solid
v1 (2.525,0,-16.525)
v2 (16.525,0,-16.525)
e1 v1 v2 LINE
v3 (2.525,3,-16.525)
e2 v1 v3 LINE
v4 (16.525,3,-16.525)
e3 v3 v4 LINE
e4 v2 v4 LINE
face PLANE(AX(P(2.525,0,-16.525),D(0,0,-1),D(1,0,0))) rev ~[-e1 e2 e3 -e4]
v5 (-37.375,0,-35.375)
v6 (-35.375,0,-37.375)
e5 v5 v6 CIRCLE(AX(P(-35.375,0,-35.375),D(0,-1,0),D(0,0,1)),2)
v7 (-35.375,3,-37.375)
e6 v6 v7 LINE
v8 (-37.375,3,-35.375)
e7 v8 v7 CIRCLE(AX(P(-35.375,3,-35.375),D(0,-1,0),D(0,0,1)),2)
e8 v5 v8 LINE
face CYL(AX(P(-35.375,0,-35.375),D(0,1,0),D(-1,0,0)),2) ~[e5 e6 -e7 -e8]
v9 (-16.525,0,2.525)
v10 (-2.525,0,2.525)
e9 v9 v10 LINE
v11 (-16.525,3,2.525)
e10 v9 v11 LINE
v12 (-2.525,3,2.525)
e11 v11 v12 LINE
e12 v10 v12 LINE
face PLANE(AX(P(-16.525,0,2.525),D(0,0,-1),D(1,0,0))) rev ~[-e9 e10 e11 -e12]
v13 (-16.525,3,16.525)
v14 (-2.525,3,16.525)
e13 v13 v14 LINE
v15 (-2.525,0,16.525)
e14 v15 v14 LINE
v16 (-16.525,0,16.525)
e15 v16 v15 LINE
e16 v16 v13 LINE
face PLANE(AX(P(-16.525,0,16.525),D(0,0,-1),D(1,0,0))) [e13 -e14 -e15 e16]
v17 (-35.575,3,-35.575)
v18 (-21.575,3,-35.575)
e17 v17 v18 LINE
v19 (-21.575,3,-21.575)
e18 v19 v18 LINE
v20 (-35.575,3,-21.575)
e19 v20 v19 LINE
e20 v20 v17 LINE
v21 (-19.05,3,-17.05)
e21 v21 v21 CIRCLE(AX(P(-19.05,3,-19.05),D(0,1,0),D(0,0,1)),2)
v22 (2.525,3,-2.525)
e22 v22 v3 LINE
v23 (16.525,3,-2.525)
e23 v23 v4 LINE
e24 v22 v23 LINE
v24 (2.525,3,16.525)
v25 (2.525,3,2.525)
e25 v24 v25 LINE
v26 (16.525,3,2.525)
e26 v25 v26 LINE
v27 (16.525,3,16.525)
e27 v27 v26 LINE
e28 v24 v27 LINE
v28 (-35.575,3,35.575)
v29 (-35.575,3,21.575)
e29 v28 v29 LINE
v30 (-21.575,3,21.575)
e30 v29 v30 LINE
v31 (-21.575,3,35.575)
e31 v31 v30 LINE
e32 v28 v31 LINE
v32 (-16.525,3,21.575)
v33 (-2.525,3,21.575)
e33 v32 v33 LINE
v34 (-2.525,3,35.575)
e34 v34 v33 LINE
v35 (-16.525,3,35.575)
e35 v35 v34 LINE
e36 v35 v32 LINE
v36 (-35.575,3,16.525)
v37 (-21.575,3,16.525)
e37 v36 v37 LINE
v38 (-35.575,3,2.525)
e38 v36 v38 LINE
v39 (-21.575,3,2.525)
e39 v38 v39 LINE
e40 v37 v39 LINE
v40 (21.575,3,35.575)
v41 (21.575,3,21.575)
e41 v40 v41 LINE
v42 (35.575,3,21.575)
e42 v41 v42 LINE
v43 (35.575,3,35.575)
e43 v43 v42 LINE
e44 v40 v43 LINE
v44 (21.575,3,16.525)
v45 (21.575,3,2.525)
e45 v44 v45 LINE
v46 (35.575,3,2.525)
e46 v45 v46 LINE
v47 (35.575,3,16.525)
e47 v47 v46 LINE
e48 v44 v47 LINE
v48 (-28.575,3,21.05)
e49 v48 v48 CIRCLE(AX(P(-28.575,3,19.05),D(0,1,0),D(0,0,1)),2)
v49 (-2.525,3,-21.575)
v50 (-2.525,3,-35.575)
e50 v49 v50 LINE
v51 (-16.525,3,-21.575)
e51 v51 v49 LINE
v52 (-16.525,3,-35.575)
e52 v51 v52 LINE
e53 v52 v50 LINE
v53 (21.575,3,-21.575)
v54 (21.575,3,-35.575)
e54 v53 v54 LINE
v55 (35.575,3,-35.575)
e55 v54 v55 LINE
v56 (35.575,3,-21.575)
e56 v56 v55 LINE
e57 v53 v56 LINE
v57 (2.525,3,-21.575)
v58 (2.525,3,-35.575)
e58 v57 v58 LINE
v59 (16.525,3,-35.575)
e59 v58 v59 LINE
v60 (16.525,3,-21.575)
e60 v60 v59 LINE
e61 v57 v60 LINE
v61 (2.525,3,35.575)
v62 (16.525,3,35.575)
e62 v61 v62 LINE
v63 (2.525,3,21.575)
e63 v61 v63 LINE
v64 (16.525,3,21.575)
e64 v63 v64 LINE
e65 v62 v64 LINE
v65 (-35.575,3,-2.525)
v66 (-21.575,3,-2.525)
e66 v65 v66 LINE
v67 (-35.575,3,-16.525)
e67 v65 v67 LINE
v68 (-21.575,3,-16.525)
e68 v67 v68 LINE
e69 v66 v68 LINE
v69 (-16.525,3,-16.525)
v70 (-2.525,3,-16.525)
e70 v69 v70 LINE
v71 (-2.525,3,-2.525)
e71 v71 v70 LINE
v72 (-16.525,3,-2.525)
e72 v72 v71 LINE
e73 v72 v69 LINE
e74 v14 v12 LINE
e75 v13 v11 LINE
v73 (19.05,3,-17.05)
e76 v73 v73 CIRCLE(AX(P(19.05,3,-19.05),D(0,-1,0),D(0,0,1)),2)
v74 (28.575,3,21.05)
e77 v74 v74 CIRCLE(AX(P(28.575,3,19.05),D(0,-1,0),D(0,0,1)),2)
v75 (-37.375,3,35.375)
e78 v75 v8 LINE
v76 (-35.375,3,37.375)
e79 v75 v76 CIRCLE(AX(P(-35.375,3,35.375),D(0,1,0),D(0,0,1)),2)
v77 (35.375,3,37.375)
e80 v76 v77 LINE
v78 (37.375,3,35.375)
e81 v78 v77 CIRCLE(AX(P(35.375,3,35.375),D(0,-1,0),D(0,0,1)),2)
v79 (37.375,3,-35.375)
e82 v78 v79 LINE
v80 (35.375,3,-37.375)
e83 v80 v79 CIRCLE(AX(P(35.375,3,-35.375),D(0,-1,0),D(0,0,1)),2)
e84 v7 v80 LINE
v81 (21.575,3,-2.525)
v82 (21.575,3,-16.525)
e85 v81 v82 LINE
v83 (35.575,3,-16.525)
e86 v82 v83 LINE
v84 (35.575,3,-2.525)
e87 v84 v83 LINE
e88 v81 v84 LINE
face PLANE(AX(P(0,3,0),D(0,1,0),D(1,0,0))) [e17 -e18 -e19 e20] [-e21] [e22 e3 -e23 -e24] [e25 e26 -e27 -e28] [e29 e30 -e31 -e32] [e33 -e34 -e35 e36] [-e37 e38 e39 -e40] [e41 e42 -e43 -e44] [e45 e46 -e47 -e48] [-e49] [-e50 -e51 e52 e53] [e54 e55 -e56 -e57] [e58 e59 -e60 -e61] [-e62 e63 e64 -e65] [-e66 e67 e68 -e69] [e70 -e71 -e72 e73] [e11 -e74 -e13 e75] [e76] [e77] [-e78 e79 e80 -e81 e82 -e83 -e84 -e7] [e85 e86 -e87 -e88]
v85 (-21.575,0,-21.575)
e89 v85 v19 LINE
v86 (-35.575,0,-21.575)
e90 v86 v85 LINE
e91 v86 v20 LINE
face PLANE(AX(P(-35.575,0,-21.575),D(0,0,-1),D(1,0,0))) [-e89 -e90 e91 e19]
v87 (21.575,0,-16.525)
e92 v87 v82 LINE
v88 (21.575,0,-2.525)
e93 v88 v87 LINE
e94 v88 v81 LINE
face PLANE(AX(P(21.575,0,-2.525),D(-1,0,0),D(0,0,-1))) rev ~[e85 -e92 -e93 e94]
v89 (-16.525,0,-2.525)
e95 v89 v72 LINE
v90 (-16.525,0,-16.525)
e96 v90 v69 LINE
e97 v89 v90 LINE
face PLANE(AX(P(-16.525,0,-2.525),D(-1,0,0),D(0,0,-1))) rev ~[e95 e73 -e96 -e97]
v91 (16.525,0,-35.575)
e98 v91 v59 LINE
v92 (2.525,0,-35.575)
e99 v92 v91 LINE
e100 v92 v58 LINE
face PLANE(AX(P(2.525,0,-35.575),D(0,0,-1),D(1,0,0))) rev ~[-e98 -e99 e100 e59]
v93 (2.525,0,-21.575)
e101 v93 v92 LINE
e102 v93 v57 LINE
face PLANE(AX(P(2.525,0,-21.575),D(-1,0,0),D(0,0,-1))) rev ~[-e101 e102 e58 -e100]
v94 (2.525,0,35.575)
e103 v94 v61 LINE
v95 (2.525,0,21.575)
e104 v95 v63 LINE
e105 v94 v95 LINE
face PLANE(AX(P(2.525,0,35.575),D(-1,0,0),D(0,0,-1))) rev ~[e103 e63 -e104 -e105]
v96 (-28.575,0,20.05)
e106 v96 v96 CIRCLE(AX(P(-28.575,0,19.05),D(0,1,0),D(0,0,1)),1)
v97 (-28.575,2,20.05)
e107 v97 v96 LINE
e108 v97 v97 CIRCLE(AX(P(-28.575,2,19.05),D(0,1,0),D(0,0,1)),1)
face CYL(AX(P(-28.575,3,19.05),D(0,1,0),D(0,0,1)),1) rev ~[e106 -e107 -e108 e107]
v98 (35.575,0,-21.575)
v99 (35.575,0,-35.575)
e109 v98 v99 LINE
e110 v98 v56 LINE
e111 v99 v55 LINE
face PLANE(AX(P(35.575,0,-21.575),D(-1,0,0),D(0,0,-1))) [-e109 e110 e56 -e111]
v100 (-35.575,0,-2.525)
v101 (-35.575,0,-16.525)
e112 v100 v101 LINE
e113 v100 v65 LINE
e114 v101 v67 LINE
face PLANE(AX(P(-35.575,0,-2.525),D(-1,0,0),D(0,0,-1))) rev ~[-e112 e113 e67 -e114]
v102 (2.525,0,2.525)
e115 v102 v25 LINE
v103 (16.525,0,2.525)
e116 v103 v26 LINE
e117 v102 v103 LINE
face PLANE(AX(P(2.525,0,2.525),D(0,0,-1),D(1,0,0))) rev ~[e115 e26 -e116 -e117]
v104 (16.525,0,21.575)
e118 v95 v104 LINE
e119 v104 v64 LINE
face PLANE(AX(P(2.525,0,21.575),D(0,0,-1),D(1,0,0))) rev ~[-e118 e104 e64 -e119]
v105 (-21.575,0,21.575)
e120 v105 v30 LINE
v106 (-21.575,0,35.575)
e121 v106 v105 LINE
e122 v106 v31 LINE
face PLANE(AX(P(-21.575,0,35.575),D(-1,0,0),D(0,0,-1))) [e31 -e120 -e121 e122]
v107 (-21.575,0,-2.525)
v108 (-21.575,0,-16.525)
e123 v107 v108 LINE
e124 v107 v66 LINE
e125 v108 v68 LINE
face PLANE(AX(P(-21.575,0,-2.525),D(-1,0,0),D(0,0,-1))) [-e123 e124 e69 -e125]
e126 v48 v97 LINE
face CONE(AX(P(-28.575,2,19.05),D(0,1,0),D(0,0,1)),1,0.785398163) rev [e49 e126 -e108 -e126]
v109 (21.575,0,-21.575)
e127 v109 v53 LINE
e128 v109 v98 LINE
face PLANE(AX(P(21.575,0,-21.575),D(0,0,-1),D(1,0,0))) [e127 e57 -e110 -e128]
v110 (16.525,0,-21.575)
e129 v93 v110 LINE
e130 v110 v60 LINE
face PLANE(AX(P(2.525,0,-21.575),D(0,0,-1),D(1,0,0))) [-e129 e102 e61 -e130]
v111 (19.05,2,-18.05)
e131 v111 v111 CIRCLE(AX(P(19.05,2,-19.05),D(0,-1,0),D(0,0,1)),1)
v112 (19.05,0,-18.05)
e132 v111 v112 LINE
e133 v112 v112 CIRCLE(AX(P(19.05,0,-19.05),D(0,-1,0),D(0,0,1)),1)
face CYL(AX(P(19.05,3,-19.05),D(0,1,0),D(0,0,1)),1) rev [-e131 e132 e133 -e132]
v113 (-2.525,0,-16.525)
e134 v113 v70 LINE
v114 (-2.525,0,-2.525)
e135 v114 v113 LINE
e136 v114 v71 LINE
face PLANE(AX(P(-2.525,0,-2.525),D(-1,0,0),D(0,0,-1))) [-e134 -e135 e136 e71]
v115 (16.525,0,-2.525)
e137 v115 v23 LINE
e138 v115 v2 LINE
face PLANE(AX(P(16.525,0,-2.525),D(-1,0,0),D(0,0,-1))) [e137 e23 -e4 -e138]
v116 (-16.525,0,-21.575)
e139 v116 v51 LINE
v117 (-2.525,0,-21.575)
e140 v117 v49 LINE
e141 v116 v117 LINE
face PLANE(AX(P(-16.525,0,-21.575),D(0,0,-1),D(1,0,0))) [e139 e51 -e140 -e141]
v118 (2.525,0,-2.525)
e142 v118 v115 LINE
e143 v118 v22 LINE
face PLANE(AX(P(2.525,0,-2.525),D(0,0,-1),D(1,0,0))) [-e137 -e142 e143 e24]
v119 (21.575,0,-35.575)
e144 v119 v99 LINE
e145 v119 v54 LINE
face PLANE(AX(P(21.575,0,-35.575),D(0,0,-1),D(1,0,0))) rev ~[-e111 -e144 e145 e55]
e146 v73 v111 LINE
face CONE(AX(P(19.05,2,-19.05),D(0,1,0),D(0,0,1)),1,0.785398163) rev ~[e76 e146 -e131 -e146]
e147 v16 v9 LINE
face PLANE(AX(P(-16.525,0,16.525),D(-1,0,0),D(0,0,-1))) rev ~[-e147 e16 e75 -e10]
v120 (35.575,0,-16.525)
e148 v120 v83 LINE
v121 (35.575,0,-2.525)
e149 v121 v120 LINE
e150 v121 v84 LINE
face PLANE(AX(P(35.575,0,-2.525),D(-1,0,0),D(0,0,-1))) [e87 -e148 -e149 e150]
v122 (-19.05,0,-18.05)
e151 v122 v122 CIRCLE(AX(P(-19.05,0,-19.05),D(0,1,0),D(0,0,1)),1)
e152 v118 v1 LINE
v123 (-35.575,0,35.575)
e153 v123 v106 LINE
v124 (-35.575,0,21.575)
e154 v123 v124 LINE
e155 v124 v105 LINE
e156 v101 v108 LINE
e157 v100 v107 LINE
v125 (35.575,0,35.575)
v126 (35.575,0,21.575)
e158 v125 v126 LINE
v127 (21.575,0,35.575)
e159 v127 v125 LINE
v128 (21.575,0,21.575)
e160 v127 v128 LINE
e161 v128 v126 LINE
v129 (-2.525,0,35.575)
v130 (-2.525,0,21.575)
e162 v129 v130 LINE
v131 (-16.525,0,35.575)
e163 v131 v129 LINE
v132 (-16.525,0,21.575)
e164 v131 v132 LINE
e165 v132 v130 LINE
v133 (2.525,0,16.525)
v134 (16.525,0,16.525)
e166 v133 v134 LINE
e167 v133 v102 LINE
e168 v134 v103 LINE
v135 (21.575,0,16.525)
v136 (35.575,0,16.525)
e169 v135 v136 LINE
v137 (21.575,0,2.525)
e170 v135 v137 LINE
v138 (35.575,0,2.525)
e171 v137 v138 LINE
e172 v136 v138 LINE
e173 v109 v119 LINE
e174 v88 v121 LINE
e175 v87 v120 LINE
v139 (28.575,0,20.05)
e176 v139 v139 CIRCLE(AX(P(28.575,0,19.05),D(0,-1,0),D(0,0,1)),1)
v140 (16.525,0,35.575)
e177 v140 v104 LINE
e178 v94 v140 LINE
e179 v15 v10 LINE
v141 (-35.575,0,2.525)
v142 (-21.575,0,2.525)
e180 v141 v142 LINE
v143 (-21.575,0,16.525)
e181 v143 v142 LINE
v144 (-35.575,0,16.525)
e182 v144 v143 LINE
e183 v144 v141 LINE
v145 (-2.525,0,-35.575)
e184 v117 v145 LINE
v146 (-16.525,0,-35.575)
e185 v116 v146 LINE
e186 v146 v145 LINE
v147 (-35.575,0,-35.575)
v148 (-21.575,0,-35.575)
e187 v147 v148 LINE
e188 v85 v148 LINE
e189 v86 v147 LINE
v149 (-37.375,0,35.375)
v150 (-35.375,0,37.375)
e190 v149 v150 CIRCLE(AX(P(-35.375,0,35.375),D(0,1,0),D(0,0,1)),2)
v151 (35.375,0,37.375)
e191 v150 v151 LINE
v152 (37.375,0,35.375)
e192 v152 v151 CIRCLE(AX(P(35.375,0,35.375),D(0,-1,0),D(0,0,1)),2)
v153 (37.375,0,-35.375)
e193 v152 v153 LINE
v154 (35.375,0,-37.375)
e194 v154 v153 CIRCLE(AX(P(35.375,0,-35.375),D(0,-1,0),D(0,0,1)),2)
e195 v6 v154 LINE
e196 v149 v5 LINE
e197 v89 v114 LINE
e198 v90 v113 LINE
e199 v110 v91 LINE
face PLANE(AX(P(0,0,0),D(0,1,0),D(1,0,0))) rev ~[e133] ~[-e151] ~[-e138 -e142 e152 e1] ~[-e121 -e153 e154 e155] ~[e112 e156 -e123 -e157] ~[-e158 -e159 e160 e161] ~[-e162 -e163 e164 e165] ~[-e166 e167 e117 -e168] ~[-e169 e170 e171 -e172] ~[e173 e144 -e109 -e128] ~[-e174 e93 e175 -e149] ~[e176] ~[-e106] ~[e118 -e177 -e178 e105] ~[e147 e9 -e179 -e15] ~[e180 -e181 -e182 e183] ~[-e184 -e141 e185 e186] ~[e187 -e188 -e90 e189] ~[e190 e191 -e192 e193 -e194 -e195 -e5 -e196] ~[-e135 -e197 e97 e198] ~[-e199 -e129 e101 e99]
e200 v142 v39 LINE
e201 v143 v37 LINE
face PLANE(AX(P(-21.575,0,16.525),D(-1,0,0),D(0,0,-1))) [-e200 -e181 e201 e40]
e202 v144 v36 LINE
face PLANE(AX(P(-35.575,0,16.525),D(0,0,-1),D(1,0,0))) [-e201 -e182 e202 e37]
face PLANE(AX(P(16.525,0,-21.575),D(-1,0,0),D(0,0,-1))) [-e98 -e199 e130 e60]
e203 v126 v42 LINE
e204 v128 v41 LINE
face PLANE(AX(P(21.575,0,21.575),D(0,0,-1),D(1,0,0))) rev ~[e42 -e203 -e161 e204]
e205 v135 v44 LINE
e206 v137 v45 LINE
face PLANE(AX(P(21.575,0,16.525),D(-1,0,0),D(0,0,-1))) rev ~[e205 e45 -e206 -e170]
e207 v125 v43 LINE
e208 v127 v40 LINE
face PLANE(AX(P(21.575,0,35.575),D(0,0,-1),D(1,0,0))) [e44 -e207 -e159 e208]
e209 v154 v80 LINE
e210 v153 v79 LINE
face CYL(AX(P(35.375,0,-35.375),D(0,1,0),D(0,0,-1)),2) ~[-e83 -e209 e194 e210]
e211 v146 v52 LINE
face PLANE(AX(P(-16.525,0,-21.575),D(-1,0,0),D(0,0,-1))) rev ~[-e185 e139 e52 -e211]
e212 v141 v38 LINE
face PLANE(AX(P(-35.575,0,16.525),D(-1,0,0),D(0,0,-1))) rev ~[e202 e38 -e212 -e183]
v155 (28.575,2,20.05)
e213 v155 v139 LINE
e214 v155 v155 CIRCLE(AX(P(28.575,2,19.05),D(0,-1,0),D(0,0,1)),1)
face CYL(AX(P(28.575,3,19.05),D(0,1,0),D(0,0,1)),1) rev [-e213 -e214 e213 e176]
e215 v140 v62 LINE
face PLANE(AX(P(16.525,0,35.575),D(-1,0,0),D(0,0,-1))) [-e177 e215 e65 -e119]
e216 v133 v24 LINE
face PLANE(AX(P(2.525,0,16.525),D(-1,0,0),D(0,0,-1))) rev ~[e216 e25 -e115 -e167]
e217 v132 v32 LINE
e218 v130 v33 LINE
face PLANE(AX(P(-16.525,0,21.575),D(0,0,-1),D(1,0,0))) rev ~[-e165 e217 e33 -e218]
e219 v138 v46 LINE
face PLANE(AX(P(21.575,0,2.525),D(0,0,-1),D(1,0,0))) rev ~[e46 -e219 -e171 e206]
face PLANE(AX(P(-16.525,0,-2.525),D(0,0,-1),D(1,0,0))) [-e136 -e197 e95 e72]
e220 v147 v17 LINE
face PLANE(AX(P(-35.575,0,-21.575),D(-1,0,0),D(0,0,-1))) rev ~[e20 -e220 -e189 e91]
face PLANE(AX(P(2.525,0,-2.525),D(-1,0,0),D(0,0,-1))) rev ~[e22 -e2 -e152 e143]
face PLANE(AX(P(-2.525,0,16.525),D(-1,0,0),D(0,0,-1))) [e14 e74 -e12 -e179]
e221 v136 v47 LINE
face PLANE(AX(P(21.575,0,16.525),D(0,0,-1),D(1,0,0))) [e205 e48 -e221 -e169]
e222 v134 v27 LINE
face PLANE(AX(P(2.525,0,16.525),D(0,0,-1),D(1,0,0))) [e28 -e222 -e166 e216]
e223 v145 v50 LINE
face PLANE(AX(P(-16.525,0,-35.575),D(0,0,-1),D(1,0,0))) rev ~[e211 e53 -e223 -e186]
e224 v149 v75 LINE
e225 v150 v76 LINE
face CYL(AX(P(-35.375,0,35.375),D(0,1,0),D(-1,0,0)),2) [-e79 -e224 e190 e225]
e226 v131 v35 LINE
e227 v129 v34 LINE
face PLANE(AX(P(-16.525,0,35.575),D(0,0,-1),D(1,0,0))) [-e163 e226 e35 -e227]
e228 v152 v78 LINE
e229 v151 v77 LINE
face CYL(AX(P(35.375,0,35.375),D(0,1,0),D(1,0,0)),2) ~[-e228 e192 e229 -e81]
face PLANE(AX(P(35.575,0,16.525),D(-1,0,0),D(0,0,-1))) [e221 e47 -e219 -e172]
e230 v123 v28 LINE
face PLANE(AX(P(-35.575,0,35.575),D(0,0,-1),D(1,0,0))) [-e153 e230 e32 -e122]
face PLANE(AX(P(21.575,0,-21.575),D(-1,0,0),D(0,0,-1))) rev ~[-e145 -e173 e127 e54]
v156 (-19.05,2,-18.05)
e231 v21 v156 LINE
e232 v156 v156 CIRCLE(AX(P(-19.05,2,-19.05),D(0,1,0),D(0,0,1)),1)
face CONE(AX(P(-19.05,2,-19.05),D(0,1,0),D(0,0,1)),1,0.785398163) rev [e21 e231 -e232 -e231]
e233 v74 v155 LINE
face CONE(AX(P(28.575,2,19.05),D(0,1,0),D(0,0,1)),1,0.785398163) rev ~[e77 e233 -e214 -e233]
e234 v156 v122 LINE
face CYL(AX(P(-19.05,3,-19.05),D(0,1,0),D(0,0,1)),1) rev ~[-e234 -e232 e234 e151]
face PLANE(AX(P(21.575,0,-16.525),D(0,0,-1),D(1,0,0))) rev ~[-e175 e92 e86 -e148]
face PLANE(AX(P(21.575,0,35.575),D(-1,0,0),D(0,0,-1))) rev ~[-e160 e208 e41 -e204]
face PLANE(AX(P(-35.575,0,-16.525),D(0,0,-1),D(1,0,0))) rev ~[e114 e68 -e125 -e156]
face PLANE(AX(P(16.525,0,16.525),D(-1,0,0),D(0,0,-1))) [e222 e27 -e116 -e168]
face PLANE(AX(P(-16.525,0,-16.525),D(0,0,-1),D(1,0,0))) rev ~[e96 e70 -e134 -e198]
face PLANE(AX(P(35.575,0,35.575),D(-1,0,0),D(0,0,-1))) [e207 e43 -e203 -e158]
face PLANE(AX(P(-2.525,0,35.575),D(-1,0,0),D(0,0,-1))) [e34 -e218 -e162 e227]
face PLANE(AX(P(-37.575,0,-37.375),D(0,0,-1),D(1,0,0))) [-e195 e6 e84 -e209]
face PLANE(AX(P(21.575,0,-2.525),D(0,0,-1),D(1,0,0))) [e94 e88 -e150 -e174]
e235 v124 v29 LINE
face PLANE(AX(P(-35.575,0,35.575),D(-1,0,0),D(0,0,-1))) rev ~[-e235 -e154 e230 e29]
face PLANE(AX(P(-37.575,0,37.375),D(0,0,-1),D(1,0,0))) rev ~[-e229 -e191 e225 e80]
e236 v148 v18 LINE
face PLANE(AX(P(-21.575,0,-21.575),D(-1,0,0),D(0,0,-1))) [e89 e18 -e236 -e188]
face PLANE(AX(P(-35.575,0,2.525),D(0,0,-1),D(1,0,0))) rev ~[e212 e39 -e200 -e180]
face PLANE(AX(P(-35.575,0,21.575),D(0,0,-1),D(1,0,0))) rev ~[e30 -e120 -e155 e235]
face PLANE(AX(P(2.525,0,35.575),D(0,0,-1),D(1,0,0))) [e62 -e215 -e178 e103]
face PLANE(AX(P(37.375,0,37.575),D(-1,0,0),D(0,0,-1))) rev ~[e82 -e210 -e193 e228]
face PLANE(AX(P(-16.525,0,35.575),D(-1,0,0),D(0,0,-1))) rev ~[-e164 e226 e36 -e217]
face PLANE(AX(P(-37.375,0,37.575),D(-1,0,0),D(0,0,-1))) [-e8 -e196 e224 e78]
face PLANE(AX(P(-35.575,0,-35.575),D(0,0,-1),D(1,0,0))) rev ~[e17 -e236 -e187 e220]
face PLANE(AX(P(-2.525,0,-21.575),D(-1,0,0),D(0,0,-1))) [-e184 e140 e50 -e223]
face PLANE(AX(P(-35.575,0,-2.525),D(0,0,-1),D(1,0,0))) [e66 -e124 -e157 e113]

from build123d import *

# Parameters (mm, degrees)
SKETCH1_W                = 75.15
SKETCH1_H                = 75.15
SKETCH1_W_2              = 14
SKETCH1_H_2              = 14
BOSS_EXTRUDE1_DEPTH      = 3
SKETCH2_R                = 1
CUT_EXTRUDE1_DEPTH       = 3
CHAMFER1_SIZE            = 1
CHAMFER1_OF_MIRROR1_SIZE = 1
MOVE_FACE1_BY            = 0.2
MOVE_FACE1_2_BY          = 0.2
MOVE_FACE1_3_BY          = 0.2
MOVE_FACE1_4_BY          = 0.2
FILLET1_R                = 2


with BuildPart() as part:
    # Sketch1 → Boss-Extrude1 (new body)
    with BuildSketch(Plane(origin=(0, 0, 0), x_dir=(1, 0, 0), z_dir=(0, 1, 0))):
        Rectangle(SKETCH1_W, SKETCH1_H)
        with Locations((-9.525, 28.575)):
            Rectangle(SKETCH1_W_2, SKETCH1_H_2, mode=Mode.SUBTRACT)
        with Locations((-28.575, 28.575)):
            Rectangle(SKETCH1_W_2, SKETCH1_H_2, mode=Mode.SUBTRACT)
        with Locations((9.525, 28.575)):
            Rectangle(SKETCH1_W_2, SKETCH1_H_2, mode=Mode.SUBTRACT)
        with Locations((28.575, 28.575)):
            Rectangle(SKETCH1_W_2, SKETCH1_H_2, mode=Mode.SUBTRACT)
        with Locations((-9.525, 9.525)):
            Rectangle(SKETCH1_W_2, SKETCH1_H_2, mode=Mode.SUBTRACT)
        with Locations((9.525, 9.525)):
            Rectangle(SKETCH1_W_2, SKETCH1_H_2, mode=Mode.SUBTRACT)
        with Locations((28.575, 9.525)):
            Rectangle(SKETCH1_W_2, SKETCH1_H_2, mode=Mode.SUBTRACT)
        with Locations((-9.525, -9.525)):
            Rectangle(SKETCH1_W_2, SKETCH1_H_2, mode=Mode.SUBTRACT)
        with Locations((9.525, -9.525)):
            Rectangle(SKETCH1_W_2, SKETCH1_H_2, mode=Mode.SUBTRACT)
        with Locations((28.575, -9.525)):
            Rectangle(SKETCH1_W_2, SKETCH1_H_2, mode=Mode.SUBTRACT)
        with Locations((-9.525, -28.575)):
            Rectangle(SKETCH1_W_2, SKETCH1_H_2, mode=Mode.SUBTRACT)
        with Locations((9.525, -28.575)):
            Rectangle(SKETCH1_W_2, SKETCH1_H_2, mode=Mode.SUBTRACT)
        with Locations((28.575, -28.575)):
            Rectangle(SKETCH1_W_2, SKETCH1_H_2, mode=Mode.SUBTRACT)
        with Locations((-28.575, 9.525)):
            Rectangle(SKETCH1_W_2, SKETCH1_H_2, mode=Mode.SUBTRACT)
        with Locations((-28.575, -9.525)):
            Rectangle(SKETCH1_W_2, SKETCH1_H_2, mode=Mode.SUBTRACT)
        with Locations((-28.575, -28.575)):
            Rectangle(SKETCH1_W_2, SKETCH1_H_2, mode=Mode.SUBTRACT)
    extrude(amount=BOSS_EXTRUDE1_DEPTH)

    # Sketch2 → Cut-Extrude1 (cut)
    with BuildSketch(Plane(origin=(0, 3, 0), x_dir=(1, 0, 0), z_dir=(0, 1, 0))):
        with Locations(Location((-19.05, 19.05, 0), (0, 0, 270))):
            Circle(SKETCH2_R)
        with Locations(Location((-28.575, -19.05, 0), (0, 0, 270))):
            Circle(SKETCH2_R)
    cut_extrude1 = extrude(amount=-CUT_EXTRUDE1_DEPTH, mode=Mode.SUBTRACT)

    # Chamfer1
    chamfer1_edges = [part.edges().sort_by_distance(p)[0] for p in [
        (-19.05, 3, -20.05),
        (-28.575, 3, 18.05),
    ]]
    chamfer(chamfer1_edges, length=CHAMFER1_SIZE)

    # Mirror1: Cut-Extrude1 across plane
    add(cut_extrude1.mirror(Plane(origin=(0, 0, 0), x_dir=(0, 0, 1), z_dir=(1, 0, 0))), mode=Mode.SUBTRACT)

    # Chamfer1 of Mirror1
    chamfer1_of_mirror1_edges = [part.edges().sort_by_distance(p)[0] for p in [
        (19.05, 3, -20.05),
        (28.575, 3, 18.05),
    ]]
    chamfer(chamfer1_of_mirror1_edges, length=CHAMFER1_OF_MIRROR1_SIZE)

    # Move Face1: a face moved inward by 0.2
    extrude(part.faces().sort_by_distance((37.575, 1.5, 0))[0], amount=MOVE_FACE1_BY, dir=(-1, 0, 0), mode=Mode.SUBTRACT)

    # Move Face1 2: a face moved inward by 0.2
    extrude(part.faces().sort_by_distance((0, 1.5, -37.575))[0], amount=MOVE_FACE1_2_BY, dir=(0, 0, 1), mode=Mode.SUBTRACT)

    # Move Face1 3: a face moved inward by 0.2
    extrude(part.faces().sort_by_distance((0, 1.5, 37.575))[0], amount=MOVE_FACE1_3_BY, dir=(0, 0, -1), mode=Mode.SUBTRACT)

    # Move Face1 4: a face moved inward by 0.2
    extrude(part.faces().sort_by_distance((-37.575, 1.5, 0))[0], amount=MOVE_FACE1_4_BY, dir=(1, 0, 0), mode=Mode.SUBTRACT)

    # Fillet1
    fillet1_edges = [part.edges().sort_by_distance(p)[0] for p in [
        (37.375, 1.5, 37.375),
        (-37.375, 1.5, 37.375),
        (-37.375, 1.5, -37.375),
        (37.375, 1.5, -37.375),
    ]]
    fillet(fillet1_edges, radius=FILLET1_R)


solid = part.part
